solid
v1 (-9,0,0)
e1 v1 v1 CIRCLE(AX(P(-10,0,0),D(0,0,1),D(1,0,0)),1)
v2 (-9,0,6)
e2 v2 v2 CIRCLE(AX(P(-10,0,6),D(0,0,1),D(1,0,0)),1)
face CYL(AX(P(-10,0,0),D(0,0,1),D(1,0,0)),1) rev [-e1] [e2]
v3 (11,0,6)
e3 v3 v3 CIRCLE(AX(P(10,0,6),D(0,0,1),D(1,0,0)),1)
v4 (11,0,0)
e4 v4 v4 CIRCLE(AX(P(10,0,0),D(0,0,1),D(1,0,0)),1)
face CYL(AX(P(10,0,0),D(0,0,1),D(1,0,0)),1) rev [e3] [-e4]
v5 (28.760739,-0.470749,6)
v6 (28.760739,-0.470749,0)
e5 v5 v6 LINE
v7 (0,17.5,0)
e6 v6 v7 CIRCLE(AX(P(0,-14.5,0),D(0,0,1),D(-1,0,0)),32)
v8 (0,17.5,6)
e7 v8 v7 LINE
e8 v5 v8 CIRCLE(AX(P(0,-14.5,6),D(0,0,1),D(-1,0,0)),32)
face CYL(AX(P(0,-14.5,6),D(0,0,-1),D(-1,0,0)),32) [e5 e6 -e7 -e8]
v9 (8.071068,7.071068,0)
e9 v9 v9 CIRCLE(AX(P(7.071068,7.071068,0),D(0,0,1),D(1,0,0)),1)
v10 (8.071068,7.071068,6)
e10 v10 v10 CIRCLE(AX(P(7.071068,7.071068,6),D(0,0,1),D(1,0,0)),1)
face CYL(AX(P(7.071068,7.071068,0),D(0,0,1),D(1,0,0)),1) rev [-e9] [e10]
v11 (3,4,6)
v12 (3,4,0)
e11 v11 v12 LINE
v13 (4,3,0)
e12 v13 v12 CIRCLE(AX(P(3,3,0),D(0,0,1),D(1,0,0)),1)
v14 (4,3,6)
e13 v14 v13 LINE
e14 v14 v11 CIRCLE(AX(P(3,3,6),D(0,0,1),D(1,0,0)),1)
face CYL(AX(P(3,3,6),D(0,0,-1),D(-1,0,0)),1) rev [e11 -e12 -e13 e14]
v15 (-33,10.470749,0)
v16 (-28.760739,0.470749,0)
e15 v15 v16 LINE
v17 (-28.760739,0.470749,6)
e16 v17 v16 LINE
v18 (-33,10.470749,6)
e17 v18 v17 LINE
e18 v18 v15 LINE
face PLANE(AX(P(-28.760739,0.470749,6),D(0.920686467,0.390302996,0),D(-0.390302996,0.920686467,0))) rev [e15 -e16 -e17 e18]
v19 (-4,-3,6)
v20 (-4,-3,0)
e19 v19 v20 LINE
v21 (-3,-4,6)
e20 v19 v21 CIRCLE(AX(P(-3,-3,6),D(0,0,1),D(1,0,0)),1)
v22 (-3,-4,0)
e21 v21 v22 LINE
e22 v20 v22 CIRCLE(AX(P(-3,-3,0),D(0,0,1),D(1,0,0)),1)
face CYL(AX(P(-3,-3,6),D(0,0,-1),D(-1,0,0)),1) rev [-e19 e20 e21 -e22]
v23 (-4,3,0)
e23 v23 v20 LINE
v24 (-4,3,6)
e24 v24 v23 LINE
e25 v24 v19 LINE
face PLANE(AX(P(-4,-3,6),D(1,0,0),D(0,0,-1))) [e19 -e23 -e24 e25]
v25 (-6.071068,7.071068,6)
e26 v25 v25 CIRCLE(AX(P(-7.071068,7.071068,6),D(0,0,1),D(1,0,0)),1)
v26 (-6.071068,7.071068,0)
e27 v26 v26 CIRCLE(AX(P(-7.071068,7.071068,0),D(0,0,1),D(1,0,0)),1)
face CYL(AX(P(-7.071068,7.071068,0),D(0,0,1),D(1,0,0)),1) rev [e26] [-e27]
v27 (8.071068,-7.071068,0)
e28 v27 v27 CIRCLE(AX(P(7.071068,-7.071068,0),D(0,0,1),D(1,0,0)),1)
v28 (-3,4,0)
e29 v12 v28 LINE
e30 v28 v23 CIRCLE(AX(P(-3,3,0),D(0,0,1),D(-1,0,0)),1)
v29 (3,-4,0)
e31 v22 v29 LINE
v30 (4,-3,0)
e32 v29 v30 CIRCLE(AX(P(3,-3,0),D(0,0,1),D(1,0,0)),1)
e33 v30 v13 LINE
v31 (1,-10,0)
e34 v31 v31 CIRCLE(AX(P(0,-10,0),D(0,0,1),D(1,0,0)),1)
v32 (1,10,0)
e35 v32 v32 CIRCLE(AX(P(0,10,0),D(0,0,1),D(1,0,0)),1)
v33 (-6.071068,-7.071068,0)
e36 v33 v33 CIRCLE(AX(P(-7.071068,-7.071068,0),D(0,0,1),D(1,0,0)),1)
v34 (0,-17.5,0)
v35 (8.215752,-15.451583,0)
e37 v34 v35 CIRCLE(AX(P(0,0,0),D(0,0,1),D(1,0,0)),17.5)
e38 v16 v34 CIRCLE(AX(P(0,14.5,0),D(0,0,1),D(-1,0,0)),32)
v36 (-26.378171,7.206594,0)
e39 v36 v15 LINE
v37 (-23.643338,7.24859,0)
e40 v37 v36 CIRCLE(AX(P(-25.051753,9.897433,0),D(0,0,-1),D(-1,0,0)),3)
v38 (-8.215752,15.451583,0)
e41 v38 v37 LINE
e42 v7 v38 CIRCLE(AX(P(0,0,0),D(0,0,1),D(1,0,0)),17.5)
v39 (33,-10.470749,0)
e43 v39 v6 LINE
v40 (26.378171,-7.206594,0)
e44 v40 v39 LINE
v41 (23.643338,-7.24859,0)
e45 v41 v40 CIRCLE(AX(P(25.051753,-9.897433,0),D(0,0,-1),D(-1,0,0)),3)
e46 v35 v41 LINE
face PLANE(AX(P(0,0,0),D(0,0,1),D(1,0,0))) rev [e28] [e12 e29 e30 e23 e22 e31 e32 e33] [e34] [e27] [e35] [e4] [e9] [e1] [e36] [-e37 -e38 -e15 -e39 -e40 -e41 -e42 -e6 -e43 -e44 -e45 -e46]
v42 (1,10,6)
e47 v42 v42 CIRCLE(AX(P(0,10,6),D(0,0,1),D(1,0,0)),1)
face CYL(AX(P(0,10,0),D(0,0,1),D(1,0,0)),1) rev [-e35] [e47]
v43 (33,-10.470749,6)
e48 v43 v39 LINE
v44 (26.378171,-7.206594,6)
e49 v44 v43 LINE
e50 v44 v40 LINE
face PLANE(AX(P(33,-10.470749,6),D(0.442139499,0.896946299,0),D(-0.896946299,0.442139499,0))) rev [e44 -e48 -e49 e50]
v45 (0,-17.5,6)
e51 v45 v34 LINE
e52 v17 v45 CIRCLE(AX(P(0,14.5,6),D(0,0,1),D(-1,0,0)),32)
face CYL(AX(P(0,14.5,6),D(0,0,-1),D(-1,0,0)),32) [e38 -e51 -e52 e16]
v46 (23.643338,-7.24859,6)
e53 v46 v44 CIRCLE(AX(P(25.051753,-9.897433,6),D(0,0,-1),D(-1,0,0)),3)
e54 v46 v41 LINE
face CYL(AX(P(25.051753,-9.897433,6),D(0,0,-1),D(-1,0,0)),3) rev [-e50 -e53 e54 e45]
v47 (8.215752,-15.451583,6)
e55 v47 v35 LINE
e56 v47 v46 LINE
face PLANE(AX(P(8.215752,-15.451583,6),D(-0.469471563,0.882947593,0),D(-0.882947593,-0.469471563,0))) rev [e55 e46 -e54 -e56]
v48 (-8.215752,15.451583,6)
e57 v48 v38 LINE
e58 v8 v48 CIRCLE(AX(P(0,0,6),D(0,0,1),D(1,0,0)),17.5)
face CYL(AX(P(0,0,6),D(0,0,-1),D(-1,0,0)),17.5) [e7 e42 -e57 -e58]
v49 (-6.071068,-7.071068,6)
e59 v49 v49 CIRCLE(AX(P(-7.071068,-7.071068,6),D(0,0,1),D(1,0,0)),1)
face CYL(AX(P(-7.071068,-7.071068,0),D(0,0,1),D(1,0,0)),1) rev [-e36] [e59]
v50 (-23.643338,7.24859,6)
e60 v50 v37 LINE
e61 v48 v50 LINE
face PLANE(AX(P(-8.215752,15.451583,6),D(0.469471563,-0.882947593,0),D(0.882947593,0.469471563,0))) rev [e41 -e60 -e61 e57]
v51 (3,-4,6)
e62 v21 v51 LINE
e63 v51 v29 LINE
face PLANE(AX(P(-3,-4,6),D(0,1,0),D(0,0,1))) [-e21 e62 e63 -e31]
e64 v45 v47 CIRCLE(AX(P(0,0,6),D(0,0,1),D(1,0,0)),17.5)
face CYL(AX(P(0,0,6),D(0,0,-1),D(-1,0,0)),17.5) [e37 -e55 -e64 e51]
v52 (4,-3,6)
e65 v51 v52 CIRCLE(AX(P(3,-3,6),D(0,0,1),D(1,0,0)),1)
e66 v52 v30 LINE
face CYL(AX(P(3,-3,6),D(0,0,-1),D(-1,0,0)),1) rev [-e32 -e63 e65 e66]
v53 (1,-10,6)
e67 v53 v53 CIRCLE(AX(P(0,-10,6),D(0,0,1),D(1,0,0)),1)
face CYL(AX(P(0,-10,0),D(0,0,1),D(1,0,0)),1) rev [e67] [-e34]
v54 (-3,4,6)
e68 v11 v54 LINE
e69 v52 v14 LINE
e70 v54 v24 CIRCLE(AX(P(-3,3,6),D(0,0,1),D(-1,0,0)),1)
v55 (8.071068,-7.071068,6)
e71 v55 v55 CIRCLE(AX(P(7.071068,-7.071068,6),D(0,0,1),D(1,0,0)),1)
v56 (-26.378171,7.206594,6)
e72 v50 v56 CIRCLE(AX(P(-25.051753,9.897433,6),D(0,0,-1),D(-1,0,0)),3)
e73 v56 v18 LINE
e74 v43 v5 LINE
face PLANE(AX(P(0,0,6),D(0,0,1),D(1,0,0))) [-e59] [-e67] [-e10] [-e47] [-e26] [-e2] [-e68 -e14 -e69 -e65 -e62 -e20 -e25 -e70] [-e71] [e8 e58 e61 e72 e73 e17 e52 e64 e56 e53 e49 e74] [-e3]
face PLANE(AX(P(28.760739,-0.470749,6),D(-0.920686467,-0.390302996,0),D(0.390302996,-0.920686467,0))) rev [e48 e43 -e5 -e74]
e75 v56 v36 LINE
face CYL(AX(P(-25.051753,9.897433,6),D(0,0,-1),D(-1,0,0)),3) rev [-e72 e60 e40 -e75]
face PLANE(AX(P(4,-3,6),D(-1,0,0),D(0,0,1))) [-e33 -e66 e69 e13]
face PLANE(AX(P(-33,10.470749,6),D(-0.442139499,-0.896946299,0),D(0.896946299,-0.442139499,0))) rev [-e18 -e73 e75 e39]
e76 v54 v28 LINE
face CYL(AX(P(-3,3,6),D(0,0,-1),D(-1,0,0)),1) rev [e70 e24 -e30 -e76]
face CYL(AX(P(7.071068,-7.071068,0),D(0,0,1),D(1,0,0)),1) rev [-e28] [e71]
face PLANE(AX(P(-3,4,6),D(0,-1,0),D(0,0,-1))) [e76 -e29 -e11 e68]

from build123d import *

# Parameters (mm, degrees)
EXTRUDE_1_DEPTH     = 6
SKETCH_2_R          = 1
CUT_EXTRUDE_1_DEPTH = 38.831864876


with BuildPart() as part:
    # 草图1 → 凸台-拉伸1 (new body)
    with BuildSketch(Plane.XY):
        with BuildLine():
            Line((8.215752349, -15.451582875), (23.643338017, -7.248590067))
            ThreePointArc((23.643338017, -7.248590067), (25.005690113, -6.897786494), (26.378171201, -7.206593948))
            Line((26.378171201, -7.206593948), (33, -10.470749302))
            Line((33, -10.470749302), (28.760739296, -0.470749302))
            ThreePointArc((28.760739296, -0.470749302), (16.956768231, 12.637944122), (0, 17.5))
            ThreePointArc((0, 17.5), (-4.233633173, 16.98017521), (-8.215752349, 15.451582875))
            Line((-8.215752349, 15.451582875), (-23.643338017, 7.248590067))
            ThreePointArc((-23.643338017, 7.248590067), (-25.005690113, 6.897786494), (-26.378171201, 7.206593948))
            Line((-26.378171201, 7.206593948), (-33, 10.470749302))
            Line((-33, 10.470749302), (-28.760739296, 0.470749302))
            ThreePointArc((-28.760739296, 0.470749302), (-16.956768231, -12.637944122), (0, -17.5))
            ThreePointArc((0, -17.5), (4.233633173, -16.98017521), (8.215752349, -15.451582875))
        make_face()
        with BuildLine():
            Line((-3, -4), (3, -4))
            ThreePointArc((3, -4), (3.707106781, -3.707106781), (4, -3))
            Line((4, -3), (4, 3))
            ThreePointArc((4, 3), (3.707106781, 3.707106781), (3, 4))
            Line((3, 4), (-3, 4))
            ThreePointArc((-3, 4), (-3.707106781, 3.707106781), (-4, 3))
            Line((-4, 3), (-4, -3))
            ThreePointArc((-4, -3), (-3.707106781, -3.707106781), (-3, -4))
        make_face(mode=Mode.SUBTRACT)
    extrude(amount=EXTRUDE_1_DEPTH)

    # 草图2 → 切除-拉伸1 (cut, through all)
    with BuildSketch(Plane.XY.offset(6)):
        with Locations((0, 10)):
            Circle(SKETCH_2_R)
        with Locations((7.071067812, 7.071067812)):
            Circle(SKETCH_2_R)
        with Locations((10, 0)):
            Circle(SKETCH_2_R)
        with Locations((7.071067812, -7.071067812)):
            Circle(SKETCH_2_R)
        with Locations((0, -10)):
            Circle(SKETCH_2_R)
        with Locations((-7.071067812, -7.071067812)):
            Circle(SKETCH_2_R)
        with Locations((-10, 0)):
            Circle(SKETCH_2_R)
        with Locations((-7.071067812, 7.071067812)):
            Circle(SKETCH_2_R)
    extrude(amount=-CUT_EXTRUDE_1_DEPTH, mode=Mode.SUBTRACT)


solid = part.part
